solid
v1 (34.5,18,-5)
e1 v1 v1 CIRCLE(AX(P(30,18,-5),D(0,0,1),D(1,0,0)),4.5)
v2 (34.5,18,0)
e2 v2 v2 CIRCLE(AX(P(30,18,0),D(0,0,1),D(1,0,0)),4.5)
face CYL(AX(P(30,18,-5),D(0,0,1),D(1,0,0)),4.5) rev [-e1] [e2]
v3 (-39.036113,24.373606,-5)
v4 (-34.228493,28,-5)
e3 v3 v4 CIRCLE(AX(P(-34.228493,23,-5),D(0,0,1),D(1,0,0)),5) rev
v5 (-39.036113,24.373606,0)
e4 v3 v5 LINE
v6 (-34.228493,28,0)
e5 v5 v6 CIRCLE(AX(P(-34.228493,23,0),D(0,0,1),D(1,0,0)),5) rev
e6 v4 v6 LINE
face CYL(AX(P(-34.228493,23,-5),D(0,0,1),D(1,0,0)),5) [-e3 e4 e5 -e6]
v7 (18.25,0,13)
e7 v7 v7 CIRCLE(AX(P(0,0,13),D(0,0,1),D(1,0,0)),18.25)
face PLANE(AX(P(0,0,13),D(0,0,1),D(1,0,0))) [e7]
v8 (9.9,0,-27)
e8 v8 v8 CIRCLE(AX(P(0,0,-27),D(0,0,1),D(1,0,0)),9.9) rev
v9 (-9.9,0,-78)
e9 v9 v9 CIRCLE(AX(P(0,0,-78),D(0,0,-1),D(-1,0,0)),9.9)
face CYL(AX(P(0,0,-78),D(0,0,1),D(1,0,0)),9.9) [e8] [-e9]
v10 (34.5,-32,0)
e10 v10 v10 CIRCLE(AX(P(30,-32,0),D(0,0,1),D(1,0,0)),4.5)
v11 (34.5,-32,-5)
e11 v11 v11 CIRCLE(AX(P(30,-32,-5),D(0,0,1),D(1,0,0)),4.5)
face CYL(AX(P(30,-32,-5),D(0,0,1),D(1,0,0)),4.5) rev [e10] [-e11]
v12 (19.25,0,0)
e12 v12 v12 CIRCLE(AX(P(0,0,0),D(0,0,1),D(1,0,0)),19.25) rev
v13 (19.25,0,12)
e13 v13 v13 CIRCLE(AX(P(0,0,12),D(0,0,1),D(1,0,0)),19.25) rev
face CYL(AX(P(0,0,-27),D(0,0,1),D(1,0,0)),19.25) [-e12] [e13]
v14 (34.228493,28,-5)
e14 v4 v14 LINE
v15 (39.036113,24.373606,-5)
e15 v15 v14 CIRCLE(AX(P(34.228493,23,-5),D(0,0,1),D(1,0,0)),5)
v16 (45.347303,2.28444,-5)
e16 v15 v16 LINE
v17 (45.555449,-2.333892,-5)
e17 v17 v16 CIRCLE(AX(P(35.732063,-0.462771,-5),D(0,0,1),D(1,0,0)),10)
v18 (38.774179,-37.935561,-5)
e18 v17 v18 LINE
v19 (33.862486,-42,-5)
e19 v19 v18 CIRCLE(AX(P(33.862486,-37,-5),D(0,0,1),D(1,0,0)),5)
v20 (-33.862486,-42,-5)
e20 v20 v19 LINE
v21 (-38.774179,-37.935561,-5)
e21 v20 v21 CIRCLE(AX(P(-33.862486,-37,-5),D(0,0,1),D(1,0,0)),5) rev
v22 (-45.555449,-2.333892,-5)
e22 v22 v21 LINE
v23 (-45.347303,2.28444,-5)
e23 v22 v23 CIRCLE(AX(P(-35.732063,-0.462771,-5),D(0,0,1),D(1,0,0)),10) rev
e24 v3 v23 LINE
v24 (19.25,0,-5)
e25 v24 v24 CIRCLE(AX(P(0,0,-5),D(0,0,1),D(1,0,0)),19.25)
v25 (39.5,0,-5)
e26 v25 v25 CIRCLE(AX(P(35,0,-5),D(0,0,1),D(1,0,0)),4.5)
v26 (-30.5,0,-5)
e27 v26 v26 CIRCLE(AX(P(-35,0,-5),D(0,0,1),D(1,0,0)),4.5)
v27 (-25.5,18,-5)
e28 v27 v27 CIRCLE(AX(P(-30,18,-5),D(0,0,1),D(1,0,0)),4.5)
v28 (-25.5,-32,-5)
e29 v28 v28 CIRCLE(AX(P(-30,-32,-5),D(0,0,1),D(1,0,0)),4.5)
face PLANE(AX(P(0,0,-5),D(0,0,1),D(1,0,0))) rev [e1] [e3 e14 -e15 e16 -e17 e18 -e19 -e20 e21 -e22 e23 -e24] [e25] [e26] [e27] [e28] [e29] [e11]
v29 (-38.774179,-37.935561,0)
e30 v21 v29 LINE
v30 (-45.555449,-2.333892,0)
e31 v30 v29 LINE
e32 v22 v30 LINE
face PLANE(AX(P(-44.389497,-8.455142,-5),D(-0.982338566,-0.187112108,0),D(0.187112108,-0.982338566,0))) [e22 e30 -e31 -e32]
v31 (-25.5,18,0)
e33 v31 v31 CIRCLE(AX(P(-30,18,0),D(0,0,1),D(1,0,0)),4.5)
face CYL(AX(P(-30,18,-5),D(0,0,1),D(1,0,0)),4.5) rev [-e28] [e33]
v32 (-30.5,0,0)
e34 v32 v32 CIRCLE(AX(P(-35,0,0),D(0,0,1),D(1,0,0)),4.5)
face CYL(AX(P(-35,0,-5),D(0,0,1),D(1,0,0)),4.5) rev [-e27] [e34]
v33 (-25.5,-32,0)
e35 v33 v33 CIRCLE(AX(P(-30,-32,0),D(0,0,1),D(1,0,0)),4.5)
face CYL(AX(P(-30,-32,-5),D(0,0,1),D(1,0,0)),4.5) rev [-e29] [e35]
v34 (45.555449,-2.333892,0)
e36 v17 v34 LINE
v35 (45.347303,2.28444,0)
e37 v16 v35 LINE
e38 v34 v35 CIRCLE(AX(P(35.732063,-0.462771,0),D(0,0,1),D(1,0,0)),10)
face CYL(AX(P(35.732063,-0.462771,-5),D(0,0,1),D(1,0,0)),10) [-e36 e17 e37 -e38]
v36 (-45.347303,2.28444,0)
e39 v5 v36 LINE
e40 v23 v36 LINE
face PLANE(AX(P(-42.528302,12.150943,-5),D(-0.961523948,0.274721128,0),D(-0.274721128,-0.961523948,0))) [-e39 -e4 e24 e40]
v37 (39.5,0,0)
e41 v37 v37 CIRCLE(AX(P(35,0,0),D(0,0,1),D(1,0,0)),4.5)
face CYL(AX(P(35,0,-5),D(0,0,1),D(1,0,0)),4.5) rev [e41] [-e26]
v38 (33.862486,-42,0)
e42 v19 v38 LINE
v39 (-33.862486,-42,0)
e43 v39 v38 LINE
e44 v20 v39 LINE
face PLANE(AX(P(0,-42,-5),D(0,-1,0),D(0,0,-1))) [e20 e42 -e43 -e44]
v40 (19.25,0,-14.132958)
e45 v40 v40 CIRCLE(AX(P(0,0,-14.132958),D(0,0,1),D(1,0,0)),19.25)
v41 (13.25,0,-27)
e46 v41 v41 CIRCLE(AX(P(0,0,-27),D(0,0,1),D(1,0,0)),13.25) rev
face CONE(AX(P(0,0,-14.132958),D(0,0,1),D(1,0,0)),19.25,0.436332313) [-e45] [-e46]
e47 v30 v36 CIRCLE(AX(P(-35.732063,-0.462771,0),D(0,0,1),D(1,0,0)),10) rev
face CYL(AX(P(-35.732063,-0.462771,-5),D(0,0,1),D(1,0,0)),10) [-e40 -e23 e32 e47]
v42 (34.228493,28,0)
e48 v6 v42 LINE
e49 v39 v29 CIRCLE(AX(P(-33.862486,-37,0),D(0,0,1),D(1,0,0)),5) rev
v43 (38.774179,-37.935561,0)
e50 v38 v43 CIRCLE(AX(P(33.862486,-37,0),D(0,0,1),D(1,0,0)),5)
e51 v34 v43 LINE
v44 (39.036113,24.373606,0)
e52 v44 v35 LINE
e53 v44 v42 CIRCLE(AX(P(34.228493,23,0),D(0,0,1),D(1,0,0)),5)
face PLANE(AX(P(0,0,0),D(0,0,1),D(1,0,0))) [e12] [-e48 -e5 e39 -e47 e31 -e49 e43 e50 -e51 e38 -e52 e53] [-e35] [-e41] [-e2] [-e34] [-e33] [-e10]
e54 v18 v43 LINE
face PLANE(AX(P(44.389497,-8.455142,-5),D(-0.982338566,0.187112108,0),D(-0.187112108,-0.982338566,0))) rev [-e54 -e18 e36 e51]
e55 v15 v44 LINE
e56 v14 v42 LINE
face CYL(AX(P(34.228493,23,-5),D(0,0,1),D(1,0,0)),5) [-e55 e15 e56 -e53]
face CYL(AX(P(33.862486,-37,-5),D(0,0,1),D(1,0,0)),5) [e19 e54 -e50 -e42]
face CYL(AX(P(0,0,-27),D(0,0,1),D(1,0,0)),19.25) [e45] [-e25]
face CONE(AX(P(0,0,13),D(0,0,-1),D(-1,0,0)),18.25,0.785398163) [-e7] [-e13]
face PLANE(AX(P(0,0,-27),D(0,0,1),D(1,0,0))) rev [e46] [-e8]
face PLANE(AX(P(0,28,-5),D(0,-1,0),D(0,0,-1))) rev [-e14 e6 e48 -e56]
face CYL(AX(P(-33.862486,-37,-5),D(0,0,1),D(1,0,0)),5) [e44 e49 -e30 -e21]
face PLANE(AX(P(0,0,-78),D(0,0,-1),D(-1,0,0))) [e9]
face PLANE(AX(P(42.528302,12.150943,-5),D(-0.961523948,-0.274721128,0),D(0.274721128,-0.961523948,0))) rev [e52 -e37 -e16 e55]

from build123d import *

# Parameters (mm, degrees)
ESQUISSE1_R             = 19.25
BOSS_EXTRU_1_DEPTH      = 13
BOSS_EXTRU_1_DEPTH_BACK = 27
ESQUISSE1_6_R           = 4.5
ESQUISSE1_6_R_2         = 19.25
BOSS_EXTRU_2_DEPTH      = 5
CHANFREIN1_SIZE         = 1
ESQUISSE6_R             = 9.9
BOSS_EXTRU_4_DEPTH      = 51
CHANFREIN2_SIZE         = 6
CHANFREIN2_SIZE2        = 12.867041523


with BuildPart() as part:
    # Esquisse1 → Boss.-Extru.1 (new body, two sides)
    with BuildSketch(Plane.XY) as boss_extru_1_sk:
        Circle(ESQUISSE1_R)
    extrude(amount=BOSS_EXTRU_1_DEPTH)
    extrude(boss_extru_1_sk.sketch, amount=-BOSS_EXTRU_1_DEPTH_BACK)

    # Esquisse1_6 → Boss.-Extru.2 (add)
    with BuildSketch(Plane.XY):
        with BuildLine():
            Line((34.228492936, 28), (0, 28))
            Line((0, 28), (-34.228492936, 28))
            ThreePointArc((-34.228492936, 28), (-37.239470502, 26.991743241), (-39.036112674, 24.373605639))
            Line((-39.036112674, 24.373605639), (-45.347302875, 2.284439938))
            ThreePointArc((-45.347302875, 2.284439938), (-45.721922521, -0.012532828), (-45.555449063, -2.33389242))
            Line((-45.555449063, -2.33389242), (-38.774178945, -37.935560539))
            ThreePointArc((-38.774178945, -37.935560539), (-37.050133937, -40.852129456), (-33.862486113, -42))
            Line((-33.862486113, -42), (33.862486113, -42))
            ThreePointArc((33.862486113, -42), (37.050133937, -40.852129456), (38.774178945, -37.935560539))
            Line((38.774178945, -37.935560539), (45.555449063, -2.33389242))
            ThreePointArc((45.555449063, -2.33389242), (45.721922521, -0.012532828), (45.347302875, 2.284439938))
            Line((45.347302875, 2.284439938), (39.036112674, 24.373605639))
            ThreePointArc((39.036112674, 24.373605639), (37.239470502, 26.991743241), (34.228492936, 28))
        make_face()
        with Locations((-30, -32)):
            Circle(ESQUISSE1_6_R, mode=Mode.SUBTRACT)
        with Locations((30, -32)):
            Circle(ESQUISSE1_6_R, mode=Mode.SUBTRACT)
        with Locations((-35, 0)):
            Circle(ESQUISSE1_6_R, mode=Mode.SUBTRACT)
        Circle(ESQUISSE1_6_R_2, mode=Mode.SUBTRACT)
        with Locations((-30, 18)):
            Circle(ESQUISSE1_6_R, mode=Mode.SUBTRACT)
        with Locations((35, 0)):
            Circle(ESQUISSE1_6_R, mode=Mode.SUBTRACT)
        with Locations((30, 18)):
            Circle(ESQUISSE1_6_R, mode=Mode.SUBTRACT)
    extrude(amount=-BOSS_EXTRU_2_DEPTH)

    # Chanfrein1
    chanfrein1_edges = [part.edges().sort_by_distance(p)[0] for p in [
        (-19.25, 0, 13),
    ]]
    chamfer(chanfrein1_edges, length=CHANFREIN1_SIZE)

    # Esquisse6 → Boss.-Extru.4 (add)
    with BuildSketch(Plane(origin=(0, 0, -27), x_dir=(-1, 0, 0), z_dir=(0, 0, -1))):
        with Locations(Location((0, 0, 0), (0, 0, 180))):  # turned: the seam where the file's is
            Circle(ESQUISSE6_R)
    extrude(amount=BOSS_EXTRU_4_DEPTH)

    # Chanfrein2
    chanfrein2_edges = [part.edges().sort_by_distance(p)[0] for p in [
        (-19.25, 0, -27),
    ]]
    chanfrein2_side = [part.faces().sort_by_distance(p)[0] for p in [
        (-18.705527778, 0, -27),
    ]]
    chamfer(chanfrein2_edges, length=CHANFREIN2_SIZE, length2=CHANFREIN2_SIZE2, reference=chanfrein2_side[0])


solid = part.part
